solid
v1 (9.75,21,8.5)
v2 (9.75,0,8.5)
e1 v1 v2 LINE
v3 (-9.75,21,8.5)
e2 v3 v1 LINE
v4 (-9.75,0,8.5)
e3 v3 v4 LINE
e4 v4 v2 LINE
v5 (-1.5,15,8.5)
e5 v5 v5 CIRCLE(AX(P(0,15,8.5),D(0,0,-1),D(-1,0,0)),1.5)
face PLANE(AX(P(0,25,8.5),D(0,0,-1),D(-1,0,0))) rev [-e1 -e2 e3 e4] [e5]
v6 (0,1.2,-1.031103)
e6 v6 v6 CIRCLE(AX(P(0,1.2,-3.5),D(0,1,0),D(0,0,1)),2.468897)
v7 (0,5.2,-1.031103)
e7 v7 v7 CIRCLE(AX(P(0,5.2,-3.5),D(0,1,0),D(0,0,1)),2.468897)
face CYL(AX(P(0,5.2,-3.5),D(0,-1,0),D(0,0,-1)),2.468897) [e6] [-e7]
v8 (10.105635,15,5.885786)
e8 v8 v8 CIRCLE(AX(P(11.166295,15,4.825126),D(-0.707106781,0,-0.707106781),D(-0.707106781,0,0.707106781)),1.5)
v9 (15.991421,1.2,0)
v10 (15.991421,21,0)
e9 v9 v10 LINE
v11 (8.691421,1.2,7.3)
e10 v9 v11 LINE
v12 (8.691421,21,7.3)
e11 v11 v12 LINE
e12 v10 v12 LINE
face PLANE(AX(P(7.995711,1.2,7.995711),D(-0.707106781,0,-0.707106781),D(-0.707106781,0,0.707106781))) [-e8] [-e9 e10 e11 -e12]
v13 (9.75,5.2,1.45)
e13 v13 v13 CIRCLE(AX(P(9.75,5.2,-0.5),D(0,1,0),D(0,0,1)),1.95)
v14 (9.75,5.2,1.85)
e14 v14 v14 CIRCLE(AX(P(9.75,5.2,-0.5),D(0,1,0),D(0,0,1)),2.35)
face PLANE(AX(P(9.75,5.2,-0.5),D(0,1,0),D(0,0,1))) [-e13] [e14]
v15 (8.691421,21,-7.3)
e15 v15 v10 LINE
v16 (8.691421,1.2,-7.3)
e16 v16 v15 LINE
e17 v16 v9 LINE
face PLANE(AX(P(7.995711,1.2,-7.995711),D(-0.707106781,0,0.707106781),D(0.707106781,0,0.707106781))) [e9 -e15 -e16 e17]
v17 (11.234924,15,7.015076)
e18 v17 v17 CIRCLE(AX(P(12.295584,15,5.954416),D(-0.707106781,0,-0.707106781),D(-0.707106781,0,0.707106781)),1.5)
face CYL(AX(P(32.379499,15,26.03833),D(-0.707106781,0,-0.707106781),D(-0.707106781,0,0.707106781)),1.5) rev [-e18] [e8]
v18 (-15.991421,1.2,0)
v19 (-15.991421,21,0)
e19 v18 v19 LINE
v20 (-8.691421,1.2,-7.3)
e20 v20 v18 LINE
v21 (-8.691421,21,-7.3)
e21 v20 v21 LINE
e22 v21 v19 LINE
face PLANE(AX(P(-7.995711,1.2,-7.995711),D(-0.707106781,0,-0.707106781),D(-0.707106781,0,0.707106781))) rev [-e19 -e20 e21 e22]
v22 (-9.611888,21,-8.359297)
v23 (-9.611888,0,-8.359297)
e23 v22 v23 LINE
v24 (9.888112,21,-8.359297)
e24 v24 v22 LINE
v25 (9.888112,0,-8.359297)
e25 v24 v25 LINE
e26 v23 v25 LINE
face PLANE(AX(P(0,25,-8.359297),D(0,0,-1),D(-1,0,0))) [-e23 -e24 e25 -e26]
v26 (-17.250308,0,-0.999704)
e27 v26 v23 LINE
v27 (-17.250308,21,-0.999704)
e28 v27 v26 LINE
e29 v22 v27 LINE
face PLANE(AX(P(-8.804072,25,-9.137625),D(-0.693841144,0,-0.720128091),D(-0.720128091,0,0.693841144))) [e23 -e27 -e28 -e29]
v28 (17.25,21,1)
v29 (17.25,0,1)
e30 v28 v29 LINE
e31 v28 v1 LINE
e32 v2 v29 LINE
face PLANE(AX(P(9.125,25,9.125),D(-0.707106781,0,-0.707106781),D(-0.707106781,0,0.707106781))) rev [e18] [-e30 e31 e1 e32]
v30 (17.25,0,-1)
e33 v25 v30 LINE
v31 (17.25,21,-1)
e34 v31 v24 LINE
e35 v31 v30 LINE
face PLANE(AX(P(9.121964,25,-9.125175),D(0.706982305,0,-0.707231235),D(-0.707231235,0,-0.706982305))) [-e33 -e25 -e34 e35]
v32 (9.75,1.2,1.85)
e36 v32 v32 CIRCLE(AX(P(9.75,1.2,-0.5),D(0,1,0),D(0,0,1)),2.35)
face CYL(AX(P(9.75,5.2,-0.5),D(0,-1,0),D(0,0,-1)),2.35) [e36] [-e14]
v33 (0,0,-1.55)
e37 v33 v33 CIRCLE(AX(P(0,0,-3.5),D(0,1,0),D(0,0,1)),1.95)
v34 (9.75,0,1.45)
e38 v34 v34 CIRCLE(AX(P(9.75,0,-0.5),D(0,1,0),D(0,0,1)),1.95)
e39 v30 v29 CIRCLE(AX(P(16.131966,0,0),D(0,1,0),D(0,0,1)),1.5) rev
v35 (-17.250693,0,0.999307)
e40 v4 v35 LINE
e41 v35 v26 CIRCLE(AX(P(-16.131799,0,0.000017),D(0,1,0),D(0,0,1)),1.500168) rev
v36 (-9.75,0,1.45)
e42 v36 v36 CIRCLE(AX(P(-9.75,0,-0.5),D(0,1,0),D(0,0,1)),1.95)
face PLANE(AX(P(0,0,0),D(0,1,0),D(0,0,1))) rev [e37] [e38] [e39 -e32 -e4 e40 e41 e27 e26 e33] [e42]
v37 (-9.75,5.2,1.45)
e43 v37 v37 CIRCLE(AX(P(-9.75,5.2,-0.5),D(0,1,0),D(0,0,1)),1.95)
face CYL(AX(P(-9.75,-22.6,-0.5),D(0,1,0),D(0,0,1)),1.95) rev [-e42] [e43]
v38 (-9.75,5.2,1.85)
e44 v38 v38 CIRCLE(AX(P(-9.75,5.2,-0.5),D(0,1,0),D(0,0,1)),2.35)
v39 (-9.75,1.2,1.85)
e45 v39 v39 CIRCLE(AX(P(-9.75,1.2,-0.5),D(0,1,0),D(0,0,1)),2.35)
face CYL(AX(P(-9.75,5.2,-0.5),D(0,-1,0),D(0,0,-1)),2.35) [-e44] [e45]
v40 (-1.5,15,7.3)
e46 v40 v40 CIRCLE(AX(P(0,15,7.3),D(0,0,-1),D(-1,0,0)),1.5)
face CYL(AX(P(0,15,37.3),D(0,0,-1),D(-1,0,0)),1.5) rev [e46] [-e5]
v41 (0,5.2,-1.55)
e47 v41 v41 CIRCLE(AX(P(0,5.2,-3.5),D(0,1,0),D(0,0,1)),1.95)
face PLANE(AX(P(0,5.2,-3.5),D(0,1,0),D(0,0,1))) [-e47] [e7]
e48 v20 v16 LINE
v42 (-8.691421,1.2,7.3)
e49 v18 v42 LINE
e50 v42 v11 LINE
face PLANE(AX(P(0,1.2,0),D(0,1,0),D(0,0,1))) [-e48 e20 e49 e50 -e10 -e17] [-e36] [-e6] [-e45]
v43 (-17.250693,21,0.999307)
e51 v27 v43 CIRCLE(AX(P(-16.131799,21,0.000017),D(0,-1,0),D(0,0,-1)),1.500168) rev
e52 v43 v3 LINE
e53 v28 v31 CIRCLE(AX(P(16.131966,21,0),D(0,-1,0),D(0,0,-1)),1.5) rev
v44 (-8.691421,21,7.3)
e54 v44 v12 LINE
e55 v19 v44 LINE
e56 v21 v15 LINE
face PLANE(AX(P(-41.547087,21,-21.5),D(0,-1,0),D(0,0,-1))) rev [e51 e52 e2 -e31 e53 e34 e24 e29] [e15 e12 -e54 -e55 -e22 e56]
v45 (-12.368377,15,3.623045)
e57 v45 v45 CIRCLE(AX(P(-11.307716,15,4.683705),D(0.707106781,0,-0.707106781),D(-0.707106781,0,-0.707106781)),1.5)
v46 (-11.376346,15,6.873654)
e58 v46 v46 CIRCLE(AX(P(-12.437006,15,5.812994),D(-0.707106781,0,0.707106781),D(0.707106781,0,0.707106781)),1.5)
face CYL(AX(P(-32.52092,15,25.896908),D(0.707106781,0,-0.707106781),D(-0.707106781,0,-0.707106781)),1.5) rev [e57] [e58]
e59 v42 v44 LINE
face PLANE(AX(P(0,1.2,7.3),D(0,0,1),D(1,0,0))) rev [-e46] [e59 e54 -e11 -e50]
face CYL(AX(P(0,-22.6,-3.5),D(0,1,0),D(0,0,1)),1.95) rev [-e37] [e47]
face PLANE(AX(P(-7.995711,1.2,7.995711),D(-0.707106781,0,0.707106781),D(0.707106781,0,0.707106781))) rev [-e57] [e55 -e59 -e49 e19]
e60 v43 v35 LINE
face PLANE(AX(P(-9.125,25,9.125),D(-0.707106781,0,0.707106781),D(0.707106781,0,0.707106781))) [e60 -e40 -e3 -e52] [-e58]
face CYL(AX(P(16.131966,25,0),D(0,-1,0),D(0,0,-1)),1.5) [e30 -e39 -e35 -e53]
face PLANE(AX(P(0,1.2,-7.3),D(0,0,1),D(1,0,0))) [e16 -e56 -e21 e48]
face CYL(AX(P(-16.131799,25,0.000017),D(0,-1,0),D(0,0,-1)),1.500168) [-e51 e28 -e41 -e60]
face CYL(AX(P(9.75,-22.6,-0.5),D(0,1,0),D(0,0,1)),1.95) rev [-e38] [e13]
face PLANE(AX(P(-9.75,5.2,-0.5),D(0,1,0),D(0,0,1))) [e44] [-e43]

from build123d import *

# Parameters (mm, degrees)
RESSALTO_EXTRUS_O3_DEPTH  = 25
CORTE_EXTRUS_O1_DEPTH     = 23.8
ESBO_O5_R                 = 1.95
CORTE_EXTRUS_O2_DEPTH     = 23.8
CORTE_EXTRUS_O3_DEPTH     = 23.8
RESSALTO_EXTRUS_O11_START = 4
ESBO_O9_R                 = 2.35
ESBO_O9_R_2               = 1.95
ESBO_O9_R_3               = 2.468896698
RESSALTO_EXTRUS_O11_DEPTH = 4
ESBO_O11_W                = 83.094173182
ESBO_O11_H                = 8
CORTE_EXTRUS_O10_DEPTH    = 30
ESBO_O19_R                = 1.5
CORTE_EXTRUS_O12_DEPTH    = 30
ESBO_O22_R                = 1.5
CORTE_EXTRUS_O13_DEPTH    = 30
ESBO_O23_R                = 1.5
CORTE_EXTRUS_O14_DEPTH    = 30


with BuildPart() as part:
    # Esboço1 → Ressalto-extrusão3 (new body)
    with BuildSketch(Plane(origin=(0, 0, 0), x_dir=(1, 0, 0), z_dir=(0, 1, 0))):
        with BuildLine():
            Line((9.888111981, 8.359296796), (-9.611888019, 8.359296796))
            Line((-9.611888019, 8.359296796), (-17.250307666, 0.999703565))
            ThreePointArc((-17.250307666, 0.999703565), (-17.631966883, 0.000271602), (-17.250692692, -0.999307308))
            Line((-17.250692692, -0.999307308), (-9.75, -8.5))
            Line((-9.75, -8.5), (9.75, -8.5))
            Line((9.75, -8.5), (17.25, -1))
            ThreePointArc((17.25, -1), (17.631966011, 0), (17.25, 1))
            Line((17.25, 1), (9.888111981, 8.359296796))
        make_face()
    extrude(amount=RESSALTO_EXTRUS_O3_DEPTH)

    # Esboço4 → Corte-extrusão1 (cut)
    with BuildSketch(Plane(origin=(0, 25, 0), x_dir=(1, 0, 0), z_dir=(0, 1, 0))):
        Polygon((8.55, 7.3), (-8.55, 7.3), (-15.85, 0), (-8.55, -7.3), (8.55, -7.3), (15.85, 0), align=None)
    extrude(amount=-CORTE_EXTRUS_O1_DEPTH, mode=Mode.SUBTRACT)

    # Esboço5 → Corte-extrusão2 (cut)
    with BuildSketch(Plane(origin=(0, 1.2, 0), x_dir=(1, 0, 0), z_dir=(0, 1, 0))):
        with Locations((0, 3.5)):
            Circle(ESBO_O5_R)
        with Locations((-9.75, 0.5)):
            Circle(ESBO_O5_R)
        with Locations((9.75, 0.5)):
            Circle(ESBO_O5_R)
    extrude(amount=-CORTE_EXTRUS_O2_DEPTH, mode=Mode.SUBTRACT)

    # Esboço7 → Corte-extrusão3 (cut)
    with BuildSketch(Plane(origin=(0, 25, 0), x_dir=(1, 0, 0), z_dir=(0, 1, 0))):
        Polygon((-15.85, 0), (-8.55, 7.3), (-8.691421356, 7.3), (-15.991421356, 0), (-8.691421356, -7.3), (-8.55, -7.3), align=None)
        Polygon((8.691421356, -7.3), (15.991421356, 0), (8.691421356, 7.3), (8.55, 7.3), (15.85, 0), (8.55, -7.3), align=None)
    extrude(amount=-CORTE_EXTRUS_O3_DEPTH, mode=Mode.SUBTRACT)

    # Esboço9 → Ressalto-extrusão11 (add)
    # profile 1 of 3: a face of its own
    with BuildSketch(Plane(origin=(0, 1.2, 0), x_dir=(1, 0, 0), z_dir=(0, 1, 0)).offset(RESSALTO_EXTRUS_O11_START)):
        with Locations((-9.75, 0.5)):
            Circle(ESBO_O9_R)
        with Locations((-9.75, 0.5)):
            Circle(ESBO_O9_R_2, mode=Mode.SUBTRACT)
    # profile 2 of 3: a face of its own
    with BuildSketch(Plane(origin=(0, 1.2, 0), x_dir=(1, 0, 0), z_dir=(0, 1, 0)).offset(RESSALTO_EXTRUS_O11_START)):
        with Locations((0, 3.5)):
            Circle(ESBO_O9_R_3)
        with Locations((0, 3.5)):
            Circle(ESBO_O9_R_2, mode=Mode.SUBTRACT)
    # profile 3 of 3: a face of its own
    with BuildSketch(Plane(origin=(0, 1.2, 0), x_dir=(1, 0, 0), z_dir=(0, 1, 0)).offset(RESSALTO_EXTRUS_O11_START)):
        with Locations((9.75, 0.5)):
            Circle(ESBO_O9_R)
        with Locations((9.75, 0.5)):
            Circle(ESBO_O9_R_2, mode=Mode.SUBTRACT)
    extrude(amount=-RESSALTO_EXTRUS_O11_DEPTH)

    # Esboço11 → Corte-extrusão10 (cut)
    with BuildSketch(Plane.XY.offset(8.5)):
        with Locations((0, 25)):
            Rectangle(ESBO_O11_W, ESBO_O11_H)
    extrude(amount=-CORTE_EXTRUS_O10_DEPTH, mode=Mode.SUBTRACT)

    # Esboço19 → Corte-extrusão12 (cut)
    with BuildSketch(Plane(origin=(7.995710678, 0, 7.995710678), x_dir=(-0.7071067811865476, 0, 0.7071067811865476), z_dir=(-0.7071067811865476, 0, -0.7071067811865476))):
        with Locations((-4.483883476, 15)):
            Circle(ESBO_O19_R)
    extrude(amount=-CORTE_EXTRUS_O12_DEPTH, mode=Mode.SUBTRACT)

    # Esboço22 → Corte-extrusão13 (cut)
    with BuildSketch(Plane(origin=(0, 0, 7.3), x_dir=(-1, 0, 0), z_dir=(0, 0, -1))):
        with Locations((0, 15)):
            Circle(ESBO_O22_R)
    extrude(amount=-CORTE_EXTRUS_O13_DEPTH, mode=Mode.SUBTRACT)

    # Esboço23 → Corte-extrusão14 (cut)
    with BuildSketch(Plane(origin=(-7.995710678, 0, 7.995710678), x_dir=(-0.7071067811865476, 0, -0.7071067811865475), z_dir=(0.7071067811865475, 0, -0.7071067811865476))):
        with Locations((4.683883476, 15)):
            Circle(ESBO_O23_R)
    extrude(amount=-CORTE_EXTRUS_O14_DEPTH, mode=Mode.SUBTRACT)


solid = part.part
